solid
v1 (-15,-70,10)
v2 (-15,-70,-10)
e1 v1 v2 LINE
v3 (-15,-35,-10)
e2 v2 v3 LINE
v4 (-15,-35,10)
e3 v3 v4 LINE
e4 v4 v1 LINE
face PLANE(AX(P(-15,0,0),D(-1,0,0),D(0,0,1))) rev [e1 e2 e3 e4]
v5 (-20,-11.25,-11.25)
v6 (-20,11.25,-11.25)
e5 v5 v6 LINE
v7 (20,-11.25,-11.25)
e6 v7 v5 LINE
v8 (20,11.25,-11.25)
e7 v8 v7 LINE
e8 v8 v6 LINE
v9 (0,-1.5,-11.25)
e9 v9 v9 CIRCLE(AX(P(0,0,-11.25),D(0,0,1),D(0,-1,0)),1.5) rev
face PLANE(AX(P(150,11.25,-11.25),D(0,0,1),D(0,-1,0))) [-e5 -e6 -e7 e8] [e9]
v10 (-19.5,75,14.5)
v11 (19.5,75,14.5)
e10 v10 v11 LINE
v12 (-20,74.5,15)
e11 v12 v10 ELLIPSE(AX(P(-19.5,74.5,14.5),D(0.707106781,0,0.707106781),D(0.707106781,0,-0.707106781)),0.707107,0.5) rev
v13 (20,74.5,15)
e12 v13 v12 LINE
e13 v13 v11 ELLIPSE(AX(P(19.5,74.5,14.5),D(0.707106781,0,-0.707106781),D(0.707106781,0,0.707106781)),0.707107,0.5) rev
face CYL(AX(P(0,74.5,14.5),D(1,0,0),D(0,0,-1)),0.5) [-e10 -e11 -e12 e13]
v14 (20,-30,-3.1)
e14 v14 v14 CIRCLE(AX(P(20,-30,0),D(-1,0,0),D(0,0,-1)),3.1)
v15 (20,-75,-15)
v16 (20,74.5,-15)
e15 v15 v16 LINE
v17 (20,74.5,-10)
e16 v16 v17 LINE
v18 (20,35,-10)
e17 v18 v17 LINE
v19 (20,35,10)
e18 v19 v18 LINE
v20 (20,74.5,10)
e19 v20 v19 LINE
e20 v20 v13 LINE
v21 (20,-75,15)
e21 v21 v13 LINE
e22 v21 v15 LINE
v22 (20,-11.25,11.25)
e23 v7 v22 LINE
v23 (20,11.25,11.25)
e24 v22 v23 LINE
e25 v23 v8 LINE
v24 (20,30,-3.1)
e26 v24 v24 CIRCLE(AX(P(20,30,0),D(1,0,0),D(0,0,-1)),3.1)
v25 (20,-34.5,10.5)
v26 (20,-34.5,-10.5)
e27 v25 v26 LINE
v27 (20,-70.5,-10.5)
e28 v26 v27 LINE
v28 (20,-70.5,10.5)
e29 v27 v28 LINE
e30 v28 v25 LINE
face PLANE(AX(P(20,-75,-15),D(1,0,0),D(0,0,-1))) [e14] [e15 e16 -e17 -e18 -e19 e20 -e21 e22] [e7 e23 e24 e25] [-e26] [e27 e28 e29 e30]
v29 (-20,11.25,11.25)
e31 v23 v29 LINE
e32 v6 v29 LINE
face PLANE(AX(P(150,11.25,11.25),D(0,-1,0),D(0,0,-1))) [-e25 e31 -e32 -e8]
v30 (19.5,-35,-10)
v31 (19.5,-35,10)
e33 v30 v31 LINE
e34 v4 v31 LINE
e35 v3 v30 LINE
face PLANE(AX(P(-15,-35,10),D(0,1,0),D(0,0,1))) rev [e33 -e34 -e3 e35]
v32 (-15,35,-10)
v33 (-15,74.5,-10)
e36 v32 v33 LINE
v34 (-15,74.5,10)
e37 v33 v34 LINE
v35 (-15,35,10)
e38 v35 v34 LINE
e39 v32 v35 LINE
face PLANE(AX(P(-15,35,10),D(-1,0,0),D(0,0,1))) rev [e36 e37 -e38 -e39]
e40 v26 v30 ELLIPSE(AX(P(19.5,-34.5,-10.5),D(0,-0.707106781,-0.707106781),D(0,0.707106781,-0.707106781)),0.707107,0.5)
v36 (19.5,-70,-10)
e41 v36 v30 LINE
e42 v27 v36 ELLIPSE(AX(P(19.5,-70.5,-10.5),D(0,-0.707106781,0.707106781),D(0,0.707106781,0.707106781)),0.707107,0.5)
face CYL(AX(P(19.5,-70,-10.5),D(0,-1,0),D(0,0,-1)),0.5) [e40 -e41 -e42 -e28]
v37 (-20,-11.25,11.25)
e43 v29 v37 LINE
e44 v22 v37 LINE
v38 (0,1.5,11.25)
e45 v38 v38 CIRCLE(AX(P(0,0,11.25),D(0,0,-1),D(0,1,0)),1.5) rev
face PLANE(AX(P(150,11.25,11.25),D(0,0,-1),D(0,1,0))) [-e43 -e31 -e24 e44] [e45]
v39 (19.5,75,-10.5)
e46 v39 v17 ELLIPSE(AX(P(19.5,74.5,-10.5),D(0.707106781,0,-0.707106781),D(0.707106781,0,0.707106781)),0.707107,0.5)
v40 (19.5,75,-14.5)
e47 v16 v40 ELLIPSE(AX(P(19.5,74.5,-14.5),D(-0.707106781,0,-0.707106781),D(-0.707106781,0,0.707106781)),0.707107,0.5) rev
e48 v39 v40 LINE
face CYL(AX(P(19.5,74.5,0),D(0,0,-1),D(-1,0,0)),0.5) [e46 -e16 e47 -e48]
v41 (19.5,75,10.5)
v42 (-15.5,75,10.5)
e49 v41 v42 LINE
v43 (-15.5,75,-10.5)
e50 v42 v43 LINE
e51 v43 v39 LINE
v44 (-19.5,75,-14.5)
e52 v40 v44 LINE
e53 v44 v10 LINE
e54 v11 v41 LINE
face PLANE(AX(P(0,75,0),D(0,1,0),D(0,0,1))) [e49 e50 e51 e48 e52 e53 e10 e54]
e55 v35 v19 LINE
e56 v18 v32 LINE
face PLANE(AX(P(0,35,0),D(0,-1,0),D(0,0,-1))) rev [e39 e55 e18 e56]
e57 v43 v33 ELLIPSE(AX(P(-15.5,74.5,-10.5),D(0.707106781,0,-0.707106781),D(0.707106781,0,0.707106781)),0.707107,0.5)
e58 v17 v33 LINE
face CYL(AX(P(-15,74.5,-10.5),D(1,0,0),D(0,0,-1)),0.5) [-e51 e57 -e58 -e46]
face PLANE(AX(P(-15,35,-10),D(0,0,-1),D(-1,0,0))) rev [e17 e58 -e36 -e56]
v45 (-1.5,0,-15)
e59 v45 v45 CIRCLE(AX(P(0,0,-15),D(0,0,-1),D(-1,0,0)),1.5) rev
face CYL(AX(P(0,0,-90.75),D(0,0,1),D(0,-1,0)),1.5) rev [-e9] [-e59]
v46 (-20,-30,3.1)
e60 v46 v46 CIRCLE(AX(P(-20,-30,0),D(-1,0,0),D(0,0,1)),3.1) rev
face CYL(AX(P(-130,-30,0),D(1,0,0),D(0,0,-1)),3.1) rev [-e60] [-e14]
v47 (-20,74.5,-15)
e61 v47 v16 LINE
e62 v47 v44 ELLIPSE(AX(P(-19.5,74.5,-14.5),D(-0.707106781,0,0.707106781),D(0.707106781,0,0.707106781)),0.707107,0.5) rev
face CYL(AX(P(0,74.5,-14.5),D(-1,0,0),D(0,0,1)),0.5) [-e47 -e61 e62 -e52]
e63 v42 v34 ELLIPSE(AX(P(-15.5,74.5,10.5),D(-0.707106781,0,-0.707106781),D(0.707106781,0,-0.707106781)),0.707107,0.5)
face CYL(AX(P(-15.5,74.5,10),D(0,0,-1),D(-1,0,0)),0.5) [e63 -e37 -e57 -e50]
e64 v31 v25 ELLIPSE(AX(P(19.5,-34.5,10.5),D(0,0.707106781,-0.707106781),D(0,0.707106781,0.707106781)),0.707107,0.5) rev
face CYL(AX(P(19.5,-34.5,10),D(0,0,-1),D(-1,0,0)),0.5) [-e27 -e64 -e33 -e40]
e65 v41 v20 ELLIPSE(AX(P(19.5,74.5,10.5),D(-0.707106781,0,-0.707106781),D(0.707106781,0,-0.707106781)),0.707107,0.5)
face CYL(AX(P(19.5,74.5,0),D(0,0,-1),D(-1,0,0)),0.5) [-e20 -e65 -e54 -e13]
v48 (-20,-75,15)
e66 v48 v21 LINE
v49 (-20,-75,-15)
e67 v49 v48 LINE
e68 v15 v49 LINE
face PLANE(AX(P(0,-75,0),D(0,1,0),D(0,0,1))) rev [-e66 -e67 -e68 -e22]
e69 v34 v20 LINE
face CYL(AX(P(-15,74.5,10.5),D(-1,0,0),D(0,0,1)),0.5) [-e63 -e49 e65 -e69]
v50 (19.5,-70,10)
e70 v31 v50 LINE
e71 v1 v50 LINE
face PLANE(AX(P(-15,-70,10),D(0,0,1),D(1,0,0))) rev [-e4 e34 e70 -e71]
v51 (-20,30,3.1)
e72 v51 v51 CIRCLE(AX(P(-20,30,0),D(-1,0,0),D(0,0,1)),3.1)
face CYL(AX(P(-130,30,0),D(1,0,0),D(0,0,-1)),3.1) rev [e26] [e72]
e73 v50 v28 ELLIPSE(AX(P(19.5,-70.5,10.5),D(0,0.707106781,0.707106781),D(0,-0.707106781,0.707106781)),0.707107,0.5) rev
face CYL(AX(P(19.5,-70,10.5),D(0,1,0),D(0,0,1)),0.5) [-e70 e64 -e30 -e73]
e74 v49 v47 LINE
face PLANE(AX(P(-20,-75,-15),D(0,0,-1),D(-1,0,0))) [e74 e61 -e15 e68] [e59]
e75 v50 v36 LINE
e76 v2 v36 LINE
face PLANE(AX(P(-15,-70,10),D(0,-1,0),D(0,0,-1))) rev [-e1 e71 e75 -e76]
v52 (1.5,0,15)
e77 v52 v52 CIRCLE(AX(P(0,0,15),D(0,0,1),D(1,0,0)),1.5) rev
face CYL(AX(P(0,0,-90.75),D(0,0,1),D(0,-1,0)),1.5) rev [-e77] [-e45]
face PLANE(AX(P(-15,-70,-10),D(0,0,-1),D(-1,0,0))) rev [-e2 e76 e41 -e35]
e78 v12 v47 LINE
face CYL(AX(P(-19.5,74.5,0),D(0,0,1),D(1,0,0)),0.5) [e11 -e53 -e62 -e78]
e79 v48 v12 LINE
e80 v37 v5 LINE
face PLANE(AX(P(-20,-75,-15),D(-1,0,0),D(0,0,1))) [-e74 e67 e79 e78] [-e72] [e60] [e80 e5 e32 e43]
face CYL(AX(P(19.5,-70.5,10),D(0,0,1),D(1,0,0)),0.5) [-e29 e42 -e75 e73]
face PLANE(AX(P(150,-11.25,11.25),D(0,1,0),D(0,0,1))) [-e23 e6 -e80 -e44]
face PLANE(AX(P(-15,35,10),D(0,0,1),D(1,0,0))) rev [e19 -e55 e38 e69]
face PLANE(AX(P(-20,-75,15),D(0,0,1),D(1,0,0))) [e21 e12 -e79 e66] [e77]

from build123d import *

# Parameters (mm, degrees)
BOSS_EXTRUDE1_DEPTH      = 75
BOSS_EXTRUDE1_DEPTH_BACK = 75
SKETCH1_W                = 40
SKETCH1_H                = 30
SKETCH3_R                = 3.1
CUT_EXTRUDE1_DEPTH       = 150
CUT_EXTRUDE2_DEPTH       = 150
CUT_EXTRUDE2_DEPTH_BACK  = 150
SKETCH4_W                = 22.5
SKETCH4_H                = 22.5
SKETCH7_W                = 58.590655802
SKETCH7_H                = 20
CUT_EXTRUDE5_DEPTH       = 40
SKETCH8_W                = 20
SKETCH8_H                = 35
CUT_EXTRUDE6_DEPTH       = 35
FILLET2_R                = 0.5
FILLET3_R                = 0.5
CUT_EXTRUDE7_DEPTH       = 102
CUT_EXTRUDE7_DEPTH_BACK  = 10
SKETCH6_R                = 1.5


with BuildPart() as part:
    # Sketch1 → Boss-Extrude1 (new, two sides: drawn at the far end of the back side and taken through both)
    with BuildSketch(Plane(origin=(0, 0, 0), x_dir=(1, 0, 0), z_dir=(0, 1, 0)).offset(-BOSS_EXTRUDE1_DEPTH_BACK)):
        Rectangle(SKETCH1_W, SKETCH1_H)
    extrude(amount=BOSS_EXTRUDE1_DEPTH + BOSS_EXTRUDE1_DEPTH_BACK)

    # Sketch3 → Cut-Extrude1 (cut)
    with BuildSketch(Plane(origin=(20, 0, 0), x_dir=(0, 0, -1), z_dir=(1, 0, 0))):
        with Locations((0, 30)):
            Circle(SKETCH3_R)
    cut_extrude1 = extrude(amount=-CUT_EXTRUDE1_DEPTH, mode=Mode.SUBTRACT)

    # Mirror1: Cut-Extrude1 across plane
    add(cut_extrude1.mirror(Plane.ZX), mode=Mode.SUBTRACT)

    # Sketch4 → Cut-Extrude2 (cut, two sides: drawn at the far end of the back side and taken through both)
    with BuildSketch(Plane(origin=(0, 0, 0), x_dir=(0, 0, -1), z_dir=(1, 0, 0)).offset(-CUT_EXTRUDE2_DEPTH_BACK)):
        Rectangle(SKETCH4_W, SKETCH4_H)
    extrude(amount=CUT_EXTRUDE2_DEPTH + CUT_EXTRUDE2_DEPTH_BACK, mode=Mode.SUBTRACT)

    # Sketch7 → Cut-Extrude5 (cut)
    with BuildSketch(Plane(origin=(0, 75, 0), x_dir=(1, 0, 0), z_dir=(0, 1, 0))):
        with Locations((14.295327901, 0)):
            Rectangle(SKETCH7_W, SKETCH7_H)
    extrude(amount=-CUT_EXTRUDE5_DEPTH, mode=Mode.SUBTRACT)

    # Sketch8 → Cut-Extrude6 (cut)
    with BuildSketch(Plane(origin=(20, 0, 0), x_dir=(0, 0, -1), z_dir=(1, 0, 0))):
        with Locations((0, -52.5)):
            Rectangle(SKETCH8_W, SKETCH8_H)
    extrude(amount=-CUT_EXTRUDE6_DEPTH, mode=Mode.SUBTRACT)

    # Fillet2
    fillet2_edges = [part.edges().sort_by_distance(p)[0] for p in [
        (20, 75, -12.5),
        (2.5, 75, -10),
        (-15, 75, 0),
        (2.5, 75, 10),
        (20, 75, 12.5),
        (0, 75, -15),
        (-20, 75, 0),
        (0, 75, 15),
    ]]
    fillet(fillet2_edges, radius=FILLET2_R)

    # Fillet3
    fillet3_edges = [part.edges().sort_by_distance(p)[0] for p in [
        (20, -70, 0),
        (20, -52.5, 10),
        (20, -35, 0),
        (20, -52.5, -10),
    ]]
    fillet(fillet3_edges, radius=FILLET3_R)

    # Sketch6 → Cut-Extrude7 (cut, two sides: drawn at the far end of the back side and taken through both)
    with BuildSketch(Plane(origin=(0, 0, 11.25), x_dir=(-1, 0, 0), z_dir=(0, 0, -1)).offset(-CUT_EXTRUDE7_DEPTH_BACK)):
        Circle(SKETCH6_R)
    extrude(amount=CUT_EXTRUDE7_DEPTH + CUT_EXTRUDE7_DEPTH_BACK, mode=Mode.SUBTRACT)


solid = part.part
